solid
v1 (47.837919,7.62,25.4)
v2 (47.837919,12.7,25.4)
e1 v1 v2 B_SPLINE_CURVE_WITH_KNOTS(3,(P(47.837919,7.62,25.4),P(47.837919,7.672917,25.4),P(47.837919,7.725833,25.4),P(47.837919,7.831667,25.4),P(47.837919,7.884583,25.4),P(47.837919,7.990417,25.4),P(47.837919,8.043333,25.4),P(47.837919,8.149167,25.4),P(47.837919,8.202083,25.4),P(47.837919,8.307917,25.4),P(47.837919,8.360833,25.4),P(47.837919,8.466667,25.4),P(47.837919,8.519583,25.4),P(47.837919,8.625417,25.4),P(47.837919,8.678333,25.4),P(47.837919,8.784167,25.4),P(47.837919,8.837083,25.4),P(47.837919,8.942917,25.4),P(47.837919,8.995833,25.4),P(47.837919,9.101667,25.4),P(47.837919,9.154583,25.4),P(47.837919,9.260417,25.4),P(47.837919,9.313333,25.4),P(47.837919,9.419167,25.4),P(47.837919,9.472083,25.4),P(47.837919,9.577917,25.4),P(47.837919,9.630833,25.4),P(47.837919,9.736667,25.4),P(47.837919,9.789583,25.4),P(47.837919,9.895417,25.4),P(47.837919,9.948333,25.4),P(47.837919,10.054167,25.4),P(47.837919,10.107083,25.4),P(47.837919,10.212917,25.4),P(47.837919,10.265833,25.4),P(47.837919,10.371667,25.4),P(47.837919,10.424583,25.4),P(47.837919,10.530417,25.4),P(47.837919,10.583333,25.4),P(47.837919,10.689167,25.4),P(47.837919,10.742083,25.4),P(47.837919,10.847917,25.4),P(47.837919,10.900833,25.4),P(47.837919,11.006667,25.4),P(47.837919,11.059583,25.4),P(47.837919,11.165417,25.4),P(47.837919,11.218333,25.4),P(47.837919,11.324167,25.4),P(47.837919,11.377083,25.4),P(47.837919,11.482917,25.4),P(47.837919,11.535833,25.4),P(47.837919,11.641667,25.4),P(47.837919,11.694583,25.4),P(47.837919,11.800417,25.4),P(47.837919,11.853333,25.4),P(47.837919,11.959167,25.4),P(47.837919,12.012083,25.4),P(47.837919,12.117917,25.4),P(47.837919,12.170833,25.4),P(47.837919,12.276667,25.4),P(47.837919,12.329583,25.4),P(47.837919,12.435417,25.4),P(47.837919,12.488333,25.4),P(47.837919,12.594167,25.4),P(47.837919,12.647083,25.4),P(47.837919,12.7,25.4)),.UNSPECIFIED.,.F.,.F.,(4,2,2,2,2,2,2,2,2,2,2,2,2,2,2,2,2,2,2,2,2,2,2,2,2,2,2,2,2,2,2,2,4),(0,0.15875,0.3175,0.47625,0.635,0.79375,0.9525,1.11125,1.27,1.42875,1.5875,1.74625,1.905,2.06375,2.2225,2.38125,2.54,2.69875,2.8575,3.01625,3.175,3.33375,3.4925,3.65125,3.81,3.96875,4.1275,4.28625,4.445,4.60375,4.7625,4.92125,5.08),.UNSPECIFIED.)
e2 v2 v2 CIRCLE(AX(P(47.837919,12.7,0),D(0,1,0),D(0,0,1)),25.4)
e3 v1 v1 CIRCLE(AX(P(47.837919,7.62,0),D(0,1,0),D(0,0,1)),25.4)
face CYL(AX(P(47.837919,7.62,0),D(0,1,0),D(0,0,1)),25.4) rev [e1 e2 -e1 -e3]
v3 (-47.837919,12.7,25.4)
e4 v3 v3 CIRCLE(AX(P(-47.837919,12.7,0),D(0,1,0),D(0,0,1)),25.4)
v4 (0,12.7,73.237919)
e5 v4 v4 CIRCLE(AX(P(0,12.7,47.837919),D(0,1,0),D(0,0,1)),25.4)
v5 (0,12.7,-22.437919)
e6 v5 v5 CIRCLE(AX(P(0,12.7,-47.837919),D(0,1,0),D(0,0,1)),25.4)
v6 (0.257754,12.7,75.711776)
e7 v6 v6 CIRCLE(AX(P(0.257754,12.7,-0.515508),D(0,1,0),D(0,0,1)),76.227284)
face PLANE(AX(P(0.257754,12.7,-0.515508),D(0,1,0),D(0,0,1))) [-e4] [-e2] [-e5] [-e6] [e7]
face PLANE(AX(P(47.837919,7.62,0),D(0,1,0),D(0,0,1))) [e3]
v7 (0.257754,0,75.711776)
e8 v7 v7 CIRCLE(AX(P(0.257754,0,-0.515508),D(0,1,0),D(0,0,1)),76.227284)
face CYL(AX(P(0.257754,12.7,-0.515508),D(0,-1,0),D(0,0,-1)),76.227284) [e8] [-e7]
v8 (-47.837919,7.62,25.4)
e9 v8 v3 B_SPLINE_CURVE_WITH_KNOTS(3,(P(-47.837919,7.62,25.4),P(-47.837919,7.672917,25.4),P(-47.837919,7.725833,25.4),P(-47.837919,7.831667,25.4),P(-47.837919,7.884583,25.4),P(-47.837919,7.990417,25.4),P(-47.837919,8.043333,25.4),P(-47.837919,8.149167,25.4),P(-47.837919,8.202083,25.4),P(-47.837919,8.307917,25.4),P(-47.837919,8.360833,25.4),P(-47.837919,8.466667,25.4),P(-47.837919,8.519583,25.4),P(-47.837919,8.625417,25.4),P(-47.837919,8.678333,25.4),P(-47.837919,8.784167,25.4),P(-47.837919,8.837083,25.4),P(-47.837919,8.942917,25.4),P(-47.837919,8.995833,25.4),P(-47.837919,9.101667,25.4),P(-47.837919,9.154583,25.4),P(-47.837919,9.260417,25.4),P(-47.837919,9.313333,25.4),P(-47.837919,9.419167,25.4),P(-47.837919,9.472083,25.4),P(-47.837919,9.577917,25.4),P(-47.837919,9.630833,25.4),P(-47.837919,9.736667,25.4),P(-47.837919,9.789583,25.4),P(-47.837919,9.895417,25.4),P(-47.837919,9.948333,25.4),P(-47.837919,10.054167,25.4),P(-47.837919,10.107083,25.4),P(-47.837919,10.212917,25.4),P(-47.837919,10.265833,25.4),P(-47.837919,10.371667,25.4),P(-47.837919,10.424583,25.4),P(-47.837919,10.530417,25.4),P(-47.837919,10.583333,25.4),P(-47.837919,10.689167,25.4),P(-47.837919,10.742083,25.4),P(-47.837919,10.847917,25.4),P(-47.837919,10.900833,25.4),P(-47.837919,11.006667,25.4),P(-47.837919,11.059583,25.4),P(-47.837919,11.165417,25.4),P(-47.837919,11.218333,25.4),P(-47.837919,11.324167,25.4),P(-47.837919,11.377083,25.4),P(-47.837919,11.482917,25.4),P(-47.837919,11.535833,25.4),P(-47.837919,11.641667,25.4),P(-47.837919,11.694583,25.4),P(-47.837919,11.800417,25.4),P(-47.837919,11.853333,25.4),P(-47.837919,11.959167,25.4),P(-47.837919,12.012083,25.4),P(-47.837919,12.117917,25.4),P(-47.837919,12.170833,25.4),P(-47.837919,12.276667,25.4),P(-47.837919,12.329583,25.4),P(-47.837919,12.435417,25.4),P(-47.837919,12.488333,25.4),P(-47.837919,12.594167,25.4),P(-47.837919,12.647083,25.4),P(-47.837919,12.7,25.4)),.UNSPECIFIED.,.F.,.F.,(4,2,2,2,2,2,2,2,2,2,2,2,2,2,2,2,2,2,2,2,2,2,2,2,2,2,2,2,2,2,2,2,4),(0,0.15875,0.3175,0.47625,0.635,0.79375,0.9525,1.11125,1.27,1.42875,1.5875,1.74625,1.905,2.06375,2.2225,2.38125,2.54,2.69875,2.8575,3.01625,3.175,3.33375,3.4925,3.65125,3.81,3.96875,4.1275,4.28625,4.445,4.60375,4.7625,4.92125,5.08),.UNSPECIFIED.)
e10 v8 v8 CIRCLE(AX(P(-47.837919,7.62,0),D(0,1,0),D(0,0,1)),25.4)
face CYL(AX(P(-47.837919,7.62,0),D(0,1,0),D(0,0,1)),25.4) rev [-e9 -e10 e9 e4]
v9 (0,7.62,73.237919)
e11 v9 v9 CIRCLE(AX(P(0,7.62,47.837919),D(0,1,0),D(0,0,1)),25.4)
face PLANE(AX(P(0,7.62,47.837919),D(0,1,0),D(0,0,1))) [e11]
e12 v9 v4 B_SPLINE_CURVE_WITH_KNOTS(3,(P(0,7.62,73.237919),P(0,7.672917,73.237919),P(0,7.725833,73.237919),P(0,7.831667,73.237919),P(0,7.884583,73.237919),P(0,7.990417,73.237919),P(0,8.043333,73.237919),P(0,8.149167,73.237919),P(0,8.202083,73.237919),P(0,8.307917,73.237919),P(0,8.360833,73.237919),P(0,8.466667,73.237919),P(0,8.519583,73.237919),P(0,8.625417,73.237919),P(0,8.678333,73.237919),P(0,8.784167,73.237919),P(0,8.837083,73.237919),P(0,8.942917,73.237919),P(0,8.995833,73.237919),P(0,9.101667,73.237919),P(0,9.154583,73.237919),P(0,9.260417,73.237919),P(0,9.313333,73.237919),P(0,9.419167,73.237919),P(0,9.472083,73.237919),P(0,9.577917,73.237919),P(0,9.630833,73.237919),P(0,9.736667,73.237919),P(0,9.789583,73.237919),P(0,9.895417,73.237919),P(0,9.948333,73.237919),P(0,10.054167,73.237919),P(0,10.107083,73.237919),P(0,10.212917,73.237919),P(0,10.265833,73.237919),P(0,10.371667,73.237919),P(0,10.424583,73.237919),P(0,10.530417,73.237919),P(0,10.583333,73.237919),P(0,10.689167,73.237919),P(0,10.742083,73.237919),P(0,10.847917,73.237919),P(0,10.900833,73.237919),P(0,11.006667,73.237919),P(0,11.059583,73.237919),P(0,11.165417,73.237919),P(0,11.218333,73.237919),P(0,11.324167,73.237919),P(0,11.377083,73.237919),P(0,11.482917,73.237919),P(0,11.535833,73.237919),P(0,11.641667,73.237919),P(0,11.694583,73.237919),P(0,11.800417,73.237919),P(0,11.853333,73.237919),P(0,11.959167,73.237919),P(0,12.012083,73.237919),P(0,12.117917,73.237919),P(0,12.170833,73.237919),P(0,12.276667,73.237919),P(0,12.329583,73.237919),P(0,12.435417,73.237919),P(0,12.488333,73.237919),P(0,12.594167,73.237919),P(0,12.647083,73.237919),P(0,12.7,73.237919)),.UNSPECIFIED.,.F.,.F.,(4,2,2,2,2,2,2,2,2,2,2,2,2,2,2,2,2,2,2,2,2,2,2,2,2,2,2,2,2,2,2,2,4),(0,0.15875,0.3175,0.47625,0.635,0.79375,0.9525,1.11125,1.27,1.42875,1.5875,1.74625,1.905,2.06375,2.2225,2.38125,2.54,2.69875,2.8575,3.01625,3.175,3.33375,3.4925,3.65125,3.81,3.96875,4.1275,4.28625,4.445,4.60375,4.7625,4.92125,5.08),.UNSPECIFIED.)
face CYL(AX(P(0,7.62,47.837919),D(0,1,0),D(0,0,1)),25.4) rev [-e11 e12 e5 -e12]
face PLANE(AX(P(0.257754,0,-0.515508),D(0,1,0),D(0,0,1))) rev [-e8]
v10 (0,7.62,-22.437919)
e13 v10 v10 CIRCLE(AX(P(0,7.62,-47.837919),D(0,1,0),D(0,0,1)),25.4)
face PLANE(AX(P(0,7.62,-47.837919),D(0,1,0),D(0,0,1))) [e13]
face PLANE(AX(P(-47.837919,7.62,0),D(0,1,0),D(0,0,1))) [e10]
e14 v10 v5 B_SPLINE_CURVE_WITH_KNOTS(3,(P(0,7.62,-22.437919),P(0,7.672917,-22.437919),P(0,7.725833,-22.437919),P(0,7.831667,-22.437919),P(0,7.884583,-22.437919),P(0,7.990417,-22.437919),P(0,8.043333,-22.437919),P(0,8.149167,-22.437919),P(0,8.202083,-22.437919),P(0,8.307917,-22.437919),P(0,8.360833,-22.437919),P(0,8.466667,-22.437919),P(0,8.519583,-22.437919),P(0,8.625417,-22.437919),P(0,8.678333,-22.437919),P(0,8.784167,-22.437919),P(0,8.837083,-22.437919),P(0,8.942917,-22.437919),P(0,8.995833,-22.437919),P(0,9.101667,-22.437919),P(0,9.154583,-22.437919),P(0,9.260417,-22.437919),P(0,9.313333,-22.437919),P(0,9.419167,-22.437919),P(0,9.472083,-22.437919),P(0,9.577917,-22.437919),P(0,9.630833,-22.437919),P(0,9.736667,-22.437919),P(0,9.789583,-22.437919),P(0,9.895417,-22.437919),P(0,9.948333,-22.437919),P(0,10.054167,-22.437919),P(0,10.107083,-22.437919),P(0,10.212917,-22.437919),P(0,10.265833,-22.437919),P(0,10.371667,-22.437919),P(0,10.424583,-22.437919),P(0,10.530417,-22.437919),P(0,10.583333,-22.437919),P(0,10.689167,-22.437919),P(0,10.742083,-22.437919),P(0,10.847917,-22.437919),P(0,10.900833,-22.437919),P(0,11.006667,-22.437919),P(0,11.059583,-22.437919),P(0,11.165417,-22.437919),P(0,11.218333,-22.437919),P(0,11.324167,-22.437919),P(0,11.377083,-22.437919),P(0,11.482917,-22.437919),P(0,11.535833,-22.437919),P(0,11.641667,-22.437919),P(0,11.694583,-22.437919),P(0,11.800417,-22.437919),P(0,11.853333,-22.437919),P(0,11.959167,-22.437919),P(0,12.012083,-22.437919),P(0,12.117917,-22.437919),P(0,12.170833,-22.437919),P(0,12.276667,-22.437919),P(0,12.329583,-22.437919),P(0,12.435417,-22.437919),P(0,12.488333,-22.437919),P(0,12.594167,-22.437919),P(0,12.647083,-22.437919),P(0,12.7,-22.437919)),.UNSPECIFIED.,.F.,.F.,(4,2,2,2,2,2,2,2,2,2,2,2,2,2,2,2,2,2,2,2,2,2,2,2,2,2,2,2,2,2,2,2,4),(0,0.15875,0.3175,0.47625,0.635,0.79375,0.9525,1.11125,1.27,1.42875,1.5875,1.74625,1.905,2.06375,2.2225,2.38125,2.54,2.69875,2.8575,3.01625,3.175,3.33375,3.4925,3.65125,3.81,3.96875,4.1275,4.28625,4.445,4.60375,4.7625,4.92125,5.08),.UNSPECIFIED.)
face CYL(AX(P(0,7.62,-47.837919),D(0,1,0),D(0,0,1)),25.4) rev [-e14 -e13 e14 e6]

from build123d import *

# Parameters (mm, degrees)
SKETCH1_R           = 76.227284409
BOSS_EXTRUDE1_DEPTH = 12.7
SKETCH5_R           = 25.4
CUT_EXTRUDE2_DEPTH  = 5.08
SKETCH7_R           = 25.4
CUT_EXTRUDE4_DEPTH  = 5.08


with BuildPart() as part:
    # Sketch1 → Boss-Extrude1 (new body)
    with BuildSketch(Plane(origin=(0, 0, 0), x_dir=(1, 0, 0), z_dir=(0, 1, 0))):
        with Locations(Location((0.257754177, 0.515508354, 0), (0, 0, 270))):
            Circle(SKETCH1_R)
    extrude(amount=BOSS_EXTRUDE1_DEPTH)

    # Sketch5 → Cut-Extrude2 (cut)
    with BuildSketch(Plane(origin=(0, 12.7, 0), x_dir=(1, 0, 0), z_dir=(0, 1, 0))):
        with Locations(Location((-47.837919056, 0, 0), (0, 0, 270))):
            Circle(SKETCH5_R)
    extrude(amount=-CUT_EXTRUDE2_DEPTH, mode=Mode.SUBTRACT)

    # Sketch7 → Cut-Extrude4 (cut)
    with BuildSketch(Plane(origin=(0, 12.7, 0), x_dir=(1, 0, 0), z_dir=(0, 1, 0))):
        with Locations(Location((0, 47.837919056, 0), (0, 0, 270))):
            Circle(SKETCH7_R)
        with Locations(Location((47.837919056, 0, 0), (0, 0, 270))):
            Circle(SKETCH7_R)
        with Locations(Location((0, -47.837919056, 0), (0, 0, 270))):
            Circle(SKETCH7_R)
    extrude(amount=-CUT_EXTRUDE4_DEPTH, mode=Mode.SUBTRACT)


solid = part.part
